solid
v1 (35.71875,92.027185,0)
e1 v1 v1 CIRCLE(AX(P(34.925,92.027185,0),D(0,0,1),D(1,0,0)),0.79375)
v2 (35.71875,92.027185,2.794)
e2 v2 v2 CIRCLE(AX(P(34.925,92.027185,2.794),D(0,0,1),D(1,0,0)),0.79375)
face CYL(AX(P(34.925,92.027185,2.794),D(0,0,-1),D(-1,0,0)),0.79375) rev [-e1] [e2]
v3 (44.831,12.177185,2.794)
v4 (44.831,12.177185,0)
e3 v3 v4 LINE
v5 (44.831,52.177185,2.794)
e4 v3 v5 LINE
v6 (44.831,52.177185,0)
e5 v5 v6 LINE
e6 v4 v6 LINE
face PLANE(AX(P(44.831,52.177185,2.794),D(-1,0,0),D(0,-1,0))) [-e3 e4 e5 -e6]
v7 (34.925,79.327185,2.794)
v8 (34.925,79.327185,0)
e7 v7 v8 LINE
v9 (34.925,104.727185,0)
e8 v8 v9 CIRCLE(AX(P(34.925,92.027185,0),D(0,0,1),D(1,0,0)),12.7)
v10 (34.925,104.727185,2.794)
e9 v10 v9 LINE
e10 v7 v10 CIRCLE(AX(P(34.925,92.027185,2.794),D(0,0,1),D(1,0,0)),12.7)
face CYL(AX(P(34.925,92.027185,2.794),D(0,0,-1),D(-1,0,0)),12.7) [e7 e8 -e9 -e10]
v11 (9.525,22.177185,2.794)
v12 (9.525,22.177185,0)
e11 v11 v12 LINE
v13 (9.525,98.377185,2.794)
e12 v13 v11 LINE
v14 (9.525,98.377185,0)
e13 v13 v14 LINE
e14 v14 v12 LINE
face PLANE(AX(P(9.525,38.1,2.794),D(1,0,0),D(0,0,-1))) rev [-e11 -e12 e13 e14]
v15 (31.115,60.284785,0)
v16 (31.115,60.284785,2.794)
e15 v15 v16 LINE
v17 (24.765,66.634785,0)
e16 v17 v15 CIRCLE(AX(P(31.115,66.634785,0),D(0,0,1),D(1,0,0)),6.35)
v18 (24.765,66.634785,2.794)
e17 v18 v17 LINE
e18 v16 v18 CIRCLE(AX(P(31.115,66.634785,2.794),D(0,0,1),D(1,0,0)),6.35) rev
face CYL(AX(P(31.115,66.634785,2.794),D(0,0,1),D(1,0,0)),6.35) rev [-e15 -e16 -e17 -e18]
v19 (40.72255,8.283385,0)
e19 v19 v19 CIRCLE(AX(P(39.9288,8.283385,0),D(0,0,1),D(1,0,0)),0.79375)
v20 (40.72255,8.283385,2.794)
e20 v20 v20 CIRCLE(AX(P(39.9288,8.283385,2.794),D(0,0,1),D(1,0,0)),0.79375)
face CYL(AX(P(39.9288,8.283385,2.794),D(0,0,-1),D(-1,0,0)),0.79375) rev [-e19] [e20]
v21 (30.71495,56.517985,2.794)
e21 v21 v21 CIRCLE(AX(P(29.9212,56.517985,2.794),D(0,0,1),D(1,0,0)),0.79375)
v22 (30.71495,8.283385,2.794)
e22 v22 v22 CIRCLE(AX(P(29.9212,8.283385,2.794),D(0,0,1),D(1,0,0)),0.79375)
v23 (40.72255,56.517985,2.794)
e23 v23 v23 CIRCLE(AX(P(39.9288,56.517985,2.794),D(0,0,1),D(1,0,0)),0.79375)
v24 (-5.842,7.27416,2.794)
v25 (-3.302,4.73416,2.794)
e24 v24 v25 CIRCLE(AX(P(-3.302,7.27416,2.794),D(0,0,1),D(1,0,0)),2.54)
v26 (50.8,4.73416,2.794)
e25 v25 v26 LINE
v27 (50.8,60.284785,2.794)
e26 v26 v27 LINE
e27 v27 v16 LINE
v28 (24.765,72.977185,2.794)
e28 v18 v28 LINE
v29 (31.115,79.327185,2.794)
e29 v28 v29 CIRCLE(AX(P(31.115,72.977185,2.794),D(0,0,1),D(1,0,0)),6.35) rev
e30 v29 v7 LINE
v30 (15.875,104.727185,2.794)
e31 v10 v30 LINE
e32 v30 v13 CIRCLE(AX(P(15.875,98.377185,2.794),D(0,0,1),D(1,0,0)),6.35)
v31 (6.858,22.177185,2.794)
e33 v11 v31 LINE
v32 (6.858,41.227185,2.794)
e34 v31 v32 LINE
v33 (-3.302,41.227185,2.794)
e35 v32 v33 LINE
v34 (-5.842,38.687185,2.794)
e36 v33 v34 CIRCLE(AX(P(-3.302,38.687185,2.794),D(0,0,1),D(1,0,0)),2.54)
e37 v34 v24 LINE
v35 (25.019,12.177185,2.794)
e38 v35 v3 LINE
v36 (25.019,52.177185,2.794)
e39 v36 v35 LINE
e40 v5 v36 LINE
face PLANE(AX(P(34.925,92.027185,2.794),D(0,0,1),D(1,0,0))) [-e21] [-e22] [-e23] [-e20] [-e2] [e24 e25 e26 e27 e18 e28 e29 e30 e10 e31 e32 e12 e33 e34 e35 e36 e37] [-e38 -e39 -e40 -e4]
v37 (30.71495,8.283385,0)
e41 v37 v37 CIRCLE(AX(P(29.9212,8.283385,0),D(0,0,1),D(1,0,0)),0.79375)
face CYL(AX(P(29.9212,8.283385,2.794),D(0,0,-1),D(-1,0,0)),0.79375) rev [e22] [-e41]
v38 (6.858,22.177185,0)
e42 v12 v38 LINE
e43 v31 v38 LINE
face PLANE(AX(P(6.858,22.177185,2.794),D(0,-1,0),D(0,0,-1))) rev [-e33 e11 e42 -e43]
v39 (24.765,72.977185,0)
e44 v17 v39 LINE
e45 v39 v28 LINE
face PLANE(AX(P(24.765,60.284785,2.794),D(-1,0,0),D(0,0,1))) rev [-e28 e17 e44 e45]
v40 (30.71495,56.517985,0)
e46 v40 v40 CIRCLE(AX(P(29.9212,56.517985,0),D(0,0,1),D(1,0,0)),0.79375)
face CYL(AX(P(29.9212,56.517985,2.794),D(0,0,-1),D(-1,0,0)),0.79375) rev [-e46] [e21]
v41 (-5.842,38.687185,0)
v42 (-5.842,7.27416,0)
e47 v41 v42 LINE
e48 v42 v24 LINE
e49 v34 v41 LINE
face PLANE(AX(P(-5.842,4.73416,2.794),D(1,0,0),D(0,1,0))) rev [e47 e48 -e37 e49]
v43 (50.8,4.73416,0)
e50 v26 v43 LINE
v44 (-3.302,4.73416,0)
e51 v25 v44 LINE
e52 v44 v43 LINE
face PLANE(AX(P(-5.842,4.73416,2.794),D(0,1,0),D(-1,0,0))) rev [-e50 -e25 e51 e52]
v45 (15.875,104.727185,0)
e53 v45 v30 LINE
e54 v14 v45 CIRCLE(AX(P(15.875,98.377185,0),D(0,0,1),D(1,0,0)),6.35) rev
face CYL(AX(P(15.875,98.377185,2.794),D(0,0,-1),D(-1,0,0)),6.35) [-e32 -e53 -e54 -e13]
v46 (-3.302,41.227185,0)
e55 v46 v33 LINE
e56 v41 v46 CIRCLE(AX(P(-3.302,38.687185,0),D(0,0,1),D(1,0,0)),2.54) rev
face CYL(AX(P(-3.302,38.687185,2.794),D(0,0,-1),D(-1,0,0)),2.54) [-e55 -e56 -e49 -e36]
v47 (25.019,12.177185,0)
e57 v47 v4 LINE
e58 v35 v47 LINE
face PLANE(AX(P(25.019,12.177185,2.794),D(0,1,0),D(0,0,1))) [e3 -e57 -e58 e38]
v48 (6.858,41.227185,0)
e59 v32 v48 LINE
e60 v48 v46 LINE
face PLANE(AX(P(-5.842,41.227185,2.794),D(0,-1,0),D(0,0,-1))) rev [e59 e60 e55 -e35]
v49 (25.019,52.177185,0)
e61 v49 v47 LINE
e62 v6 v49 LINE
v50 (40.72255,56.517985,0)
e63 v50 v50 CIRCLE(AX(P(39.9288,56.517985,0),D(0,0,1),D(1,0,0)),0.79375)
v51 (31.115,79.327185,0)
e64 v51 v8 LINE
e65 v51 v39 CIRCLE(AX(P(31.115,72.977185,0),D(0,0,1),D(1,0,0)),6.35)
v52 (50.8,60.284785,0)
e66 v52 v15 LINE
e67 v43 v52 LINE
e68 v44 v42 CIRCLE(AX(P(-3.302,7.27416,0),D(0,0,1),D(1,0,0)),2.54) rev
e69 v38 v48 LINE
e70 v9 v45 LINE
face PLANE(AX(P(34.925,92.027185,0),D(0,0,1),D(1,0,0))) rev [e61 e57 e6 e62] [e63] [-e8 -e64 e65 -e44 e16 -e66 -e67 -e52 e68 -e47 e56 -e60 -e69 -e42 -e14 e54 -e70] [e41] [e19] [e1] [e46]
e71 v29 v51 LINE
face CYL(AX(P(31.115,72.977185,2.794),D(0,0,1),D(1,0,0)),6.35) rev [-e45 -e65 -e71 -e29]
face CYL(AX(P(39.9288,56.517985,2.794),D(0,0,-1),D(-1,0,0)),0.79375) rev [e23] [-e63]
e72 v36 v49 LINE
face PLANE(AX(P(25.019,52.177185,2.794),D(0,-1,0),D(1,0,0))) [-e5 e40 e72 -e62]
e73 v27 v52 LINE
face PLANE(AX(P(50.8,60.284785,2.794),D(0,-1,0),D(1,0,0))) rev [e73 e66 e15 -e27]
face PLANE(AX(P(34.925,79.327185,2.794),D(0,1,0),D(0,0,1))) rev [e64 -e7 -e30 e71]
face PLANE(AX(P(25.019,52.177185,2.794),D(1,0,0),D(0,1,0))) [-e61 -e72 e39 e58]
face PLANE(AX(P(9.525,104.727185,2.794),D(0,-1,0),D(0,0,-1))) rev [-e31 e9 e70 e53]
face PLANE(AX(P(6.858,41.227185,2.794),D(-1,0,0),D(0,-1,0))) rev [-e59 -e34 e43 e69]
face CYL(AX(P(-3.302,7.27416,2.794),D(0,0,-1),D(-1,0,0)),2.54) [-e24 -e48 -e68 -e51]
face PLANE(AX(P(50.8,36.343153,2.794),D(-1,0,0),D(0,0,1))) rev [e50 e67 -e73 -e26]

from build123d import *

# Parameters (mm, degrees)
SKETCH1_R           = 0.79375
SKETCH1_W           = 19.812
SKETCH1_H           = 40
BOSS_EXTRUDE1_DEPTH = 2.794
FILLET1_R           = 6.35
FILLET2_R           = 6.35
FILLET5_R           = 2.54


with BuildPart() as part:
    # Sketch1 → Boss-Extrude1 (new body)
    with BuildSketch(Plane.XY):
        with BuildLine():
            Line((-5.842, 4.734159763), (50.8, 4.734159763))
            Line((50.8, 4.734159763), (50.8, 36.343152622))
            Line((50.8, 36.343152622), (50.8, 60.284785263))
            Line((50.8, 60.284785263), (24.765, 60.284785263))
            Line((24.765, 60.284785263), (24.765, 79.327185263))
            Line((24.765, 79.327185263), (34.925, 79.327185263))
            ThreePointArc((34.925, 79.327185263), (47.625, 92.027185263), (34.925, 104.727185263))
            Line((34.925, 104.727185263), (9.525, 104.727185263))
            Line((9.525, 104.727185263), (9.525, 38.1))
            Line((9.525, 38.1), (9.525, 22.177185263))
            Line((9.525, 22.177185263), (6.858, 22.177185263))
            Line((6.858, 22.177185263), (6.858, 41.227185263))
            Line((6.858, 41.227185263), (-5.842, 41.227185263))
            Line((-5.842, 41.227185263), (-5.842, 4.734159763))
        make_face()
        with Locations((34.925, 92.027185263)):
            Circle(SKETCH1_R, mode=Mode.SUBTRACT)
        with Locations((29.9212, 8.283385263)):
            Circle(SKETCH1_R, mode=Mode.SUBTRACT)
        with Locations((39.9288, 8.283385263)):
            Circle(SKETCH1_R, mode=Mode.SUBTRACT)
        with Locations((29.9212, 56.517985263)):
            Circle(SKETCH1_R, mode=Mode.SUBTRACT)
        with Locations((39.9288, 56.517985263)):
            Circle(SKETCH1_R, mode=Mode.SUBTRACT)
        with Locations((34.925, 32.177185263)):
            Rectangle(SKETCH1_W, SKETCH1_H, mode=Mode.SUBTRACT)
    extrude(amount=BOSS_EXTRUDE1_DEPTH)

    # Fillet1
    fillet1_edges = [part.edges().sort_by_distance(p)[0] for p in [
        (24.765, 79.327185263, 1.397),
        (24.765, 60.284785263, 1.397),
    ]]
    fillet(fillet1_edges, radius=FILLET1_R)

    # Fillet2
    fillet2_edges = [part.edges().sort_by_distance(p)[0] for p in [
        (9.525, 104.727185263, 1.397),
    ]]
    fillet(fillet2_edges, radius=FILLET2_R)

    # Fillet5
    fillet5_edges = [part.edges().sort_by_distance(p)[0] for p in [
        (-5.842, 4.734159763, 1.397),
        (-5.842, 41.227185263, 1.397),
    ]]
    fillet(fillet5_edges, radius=FILLET5_R)


solid = part.part
